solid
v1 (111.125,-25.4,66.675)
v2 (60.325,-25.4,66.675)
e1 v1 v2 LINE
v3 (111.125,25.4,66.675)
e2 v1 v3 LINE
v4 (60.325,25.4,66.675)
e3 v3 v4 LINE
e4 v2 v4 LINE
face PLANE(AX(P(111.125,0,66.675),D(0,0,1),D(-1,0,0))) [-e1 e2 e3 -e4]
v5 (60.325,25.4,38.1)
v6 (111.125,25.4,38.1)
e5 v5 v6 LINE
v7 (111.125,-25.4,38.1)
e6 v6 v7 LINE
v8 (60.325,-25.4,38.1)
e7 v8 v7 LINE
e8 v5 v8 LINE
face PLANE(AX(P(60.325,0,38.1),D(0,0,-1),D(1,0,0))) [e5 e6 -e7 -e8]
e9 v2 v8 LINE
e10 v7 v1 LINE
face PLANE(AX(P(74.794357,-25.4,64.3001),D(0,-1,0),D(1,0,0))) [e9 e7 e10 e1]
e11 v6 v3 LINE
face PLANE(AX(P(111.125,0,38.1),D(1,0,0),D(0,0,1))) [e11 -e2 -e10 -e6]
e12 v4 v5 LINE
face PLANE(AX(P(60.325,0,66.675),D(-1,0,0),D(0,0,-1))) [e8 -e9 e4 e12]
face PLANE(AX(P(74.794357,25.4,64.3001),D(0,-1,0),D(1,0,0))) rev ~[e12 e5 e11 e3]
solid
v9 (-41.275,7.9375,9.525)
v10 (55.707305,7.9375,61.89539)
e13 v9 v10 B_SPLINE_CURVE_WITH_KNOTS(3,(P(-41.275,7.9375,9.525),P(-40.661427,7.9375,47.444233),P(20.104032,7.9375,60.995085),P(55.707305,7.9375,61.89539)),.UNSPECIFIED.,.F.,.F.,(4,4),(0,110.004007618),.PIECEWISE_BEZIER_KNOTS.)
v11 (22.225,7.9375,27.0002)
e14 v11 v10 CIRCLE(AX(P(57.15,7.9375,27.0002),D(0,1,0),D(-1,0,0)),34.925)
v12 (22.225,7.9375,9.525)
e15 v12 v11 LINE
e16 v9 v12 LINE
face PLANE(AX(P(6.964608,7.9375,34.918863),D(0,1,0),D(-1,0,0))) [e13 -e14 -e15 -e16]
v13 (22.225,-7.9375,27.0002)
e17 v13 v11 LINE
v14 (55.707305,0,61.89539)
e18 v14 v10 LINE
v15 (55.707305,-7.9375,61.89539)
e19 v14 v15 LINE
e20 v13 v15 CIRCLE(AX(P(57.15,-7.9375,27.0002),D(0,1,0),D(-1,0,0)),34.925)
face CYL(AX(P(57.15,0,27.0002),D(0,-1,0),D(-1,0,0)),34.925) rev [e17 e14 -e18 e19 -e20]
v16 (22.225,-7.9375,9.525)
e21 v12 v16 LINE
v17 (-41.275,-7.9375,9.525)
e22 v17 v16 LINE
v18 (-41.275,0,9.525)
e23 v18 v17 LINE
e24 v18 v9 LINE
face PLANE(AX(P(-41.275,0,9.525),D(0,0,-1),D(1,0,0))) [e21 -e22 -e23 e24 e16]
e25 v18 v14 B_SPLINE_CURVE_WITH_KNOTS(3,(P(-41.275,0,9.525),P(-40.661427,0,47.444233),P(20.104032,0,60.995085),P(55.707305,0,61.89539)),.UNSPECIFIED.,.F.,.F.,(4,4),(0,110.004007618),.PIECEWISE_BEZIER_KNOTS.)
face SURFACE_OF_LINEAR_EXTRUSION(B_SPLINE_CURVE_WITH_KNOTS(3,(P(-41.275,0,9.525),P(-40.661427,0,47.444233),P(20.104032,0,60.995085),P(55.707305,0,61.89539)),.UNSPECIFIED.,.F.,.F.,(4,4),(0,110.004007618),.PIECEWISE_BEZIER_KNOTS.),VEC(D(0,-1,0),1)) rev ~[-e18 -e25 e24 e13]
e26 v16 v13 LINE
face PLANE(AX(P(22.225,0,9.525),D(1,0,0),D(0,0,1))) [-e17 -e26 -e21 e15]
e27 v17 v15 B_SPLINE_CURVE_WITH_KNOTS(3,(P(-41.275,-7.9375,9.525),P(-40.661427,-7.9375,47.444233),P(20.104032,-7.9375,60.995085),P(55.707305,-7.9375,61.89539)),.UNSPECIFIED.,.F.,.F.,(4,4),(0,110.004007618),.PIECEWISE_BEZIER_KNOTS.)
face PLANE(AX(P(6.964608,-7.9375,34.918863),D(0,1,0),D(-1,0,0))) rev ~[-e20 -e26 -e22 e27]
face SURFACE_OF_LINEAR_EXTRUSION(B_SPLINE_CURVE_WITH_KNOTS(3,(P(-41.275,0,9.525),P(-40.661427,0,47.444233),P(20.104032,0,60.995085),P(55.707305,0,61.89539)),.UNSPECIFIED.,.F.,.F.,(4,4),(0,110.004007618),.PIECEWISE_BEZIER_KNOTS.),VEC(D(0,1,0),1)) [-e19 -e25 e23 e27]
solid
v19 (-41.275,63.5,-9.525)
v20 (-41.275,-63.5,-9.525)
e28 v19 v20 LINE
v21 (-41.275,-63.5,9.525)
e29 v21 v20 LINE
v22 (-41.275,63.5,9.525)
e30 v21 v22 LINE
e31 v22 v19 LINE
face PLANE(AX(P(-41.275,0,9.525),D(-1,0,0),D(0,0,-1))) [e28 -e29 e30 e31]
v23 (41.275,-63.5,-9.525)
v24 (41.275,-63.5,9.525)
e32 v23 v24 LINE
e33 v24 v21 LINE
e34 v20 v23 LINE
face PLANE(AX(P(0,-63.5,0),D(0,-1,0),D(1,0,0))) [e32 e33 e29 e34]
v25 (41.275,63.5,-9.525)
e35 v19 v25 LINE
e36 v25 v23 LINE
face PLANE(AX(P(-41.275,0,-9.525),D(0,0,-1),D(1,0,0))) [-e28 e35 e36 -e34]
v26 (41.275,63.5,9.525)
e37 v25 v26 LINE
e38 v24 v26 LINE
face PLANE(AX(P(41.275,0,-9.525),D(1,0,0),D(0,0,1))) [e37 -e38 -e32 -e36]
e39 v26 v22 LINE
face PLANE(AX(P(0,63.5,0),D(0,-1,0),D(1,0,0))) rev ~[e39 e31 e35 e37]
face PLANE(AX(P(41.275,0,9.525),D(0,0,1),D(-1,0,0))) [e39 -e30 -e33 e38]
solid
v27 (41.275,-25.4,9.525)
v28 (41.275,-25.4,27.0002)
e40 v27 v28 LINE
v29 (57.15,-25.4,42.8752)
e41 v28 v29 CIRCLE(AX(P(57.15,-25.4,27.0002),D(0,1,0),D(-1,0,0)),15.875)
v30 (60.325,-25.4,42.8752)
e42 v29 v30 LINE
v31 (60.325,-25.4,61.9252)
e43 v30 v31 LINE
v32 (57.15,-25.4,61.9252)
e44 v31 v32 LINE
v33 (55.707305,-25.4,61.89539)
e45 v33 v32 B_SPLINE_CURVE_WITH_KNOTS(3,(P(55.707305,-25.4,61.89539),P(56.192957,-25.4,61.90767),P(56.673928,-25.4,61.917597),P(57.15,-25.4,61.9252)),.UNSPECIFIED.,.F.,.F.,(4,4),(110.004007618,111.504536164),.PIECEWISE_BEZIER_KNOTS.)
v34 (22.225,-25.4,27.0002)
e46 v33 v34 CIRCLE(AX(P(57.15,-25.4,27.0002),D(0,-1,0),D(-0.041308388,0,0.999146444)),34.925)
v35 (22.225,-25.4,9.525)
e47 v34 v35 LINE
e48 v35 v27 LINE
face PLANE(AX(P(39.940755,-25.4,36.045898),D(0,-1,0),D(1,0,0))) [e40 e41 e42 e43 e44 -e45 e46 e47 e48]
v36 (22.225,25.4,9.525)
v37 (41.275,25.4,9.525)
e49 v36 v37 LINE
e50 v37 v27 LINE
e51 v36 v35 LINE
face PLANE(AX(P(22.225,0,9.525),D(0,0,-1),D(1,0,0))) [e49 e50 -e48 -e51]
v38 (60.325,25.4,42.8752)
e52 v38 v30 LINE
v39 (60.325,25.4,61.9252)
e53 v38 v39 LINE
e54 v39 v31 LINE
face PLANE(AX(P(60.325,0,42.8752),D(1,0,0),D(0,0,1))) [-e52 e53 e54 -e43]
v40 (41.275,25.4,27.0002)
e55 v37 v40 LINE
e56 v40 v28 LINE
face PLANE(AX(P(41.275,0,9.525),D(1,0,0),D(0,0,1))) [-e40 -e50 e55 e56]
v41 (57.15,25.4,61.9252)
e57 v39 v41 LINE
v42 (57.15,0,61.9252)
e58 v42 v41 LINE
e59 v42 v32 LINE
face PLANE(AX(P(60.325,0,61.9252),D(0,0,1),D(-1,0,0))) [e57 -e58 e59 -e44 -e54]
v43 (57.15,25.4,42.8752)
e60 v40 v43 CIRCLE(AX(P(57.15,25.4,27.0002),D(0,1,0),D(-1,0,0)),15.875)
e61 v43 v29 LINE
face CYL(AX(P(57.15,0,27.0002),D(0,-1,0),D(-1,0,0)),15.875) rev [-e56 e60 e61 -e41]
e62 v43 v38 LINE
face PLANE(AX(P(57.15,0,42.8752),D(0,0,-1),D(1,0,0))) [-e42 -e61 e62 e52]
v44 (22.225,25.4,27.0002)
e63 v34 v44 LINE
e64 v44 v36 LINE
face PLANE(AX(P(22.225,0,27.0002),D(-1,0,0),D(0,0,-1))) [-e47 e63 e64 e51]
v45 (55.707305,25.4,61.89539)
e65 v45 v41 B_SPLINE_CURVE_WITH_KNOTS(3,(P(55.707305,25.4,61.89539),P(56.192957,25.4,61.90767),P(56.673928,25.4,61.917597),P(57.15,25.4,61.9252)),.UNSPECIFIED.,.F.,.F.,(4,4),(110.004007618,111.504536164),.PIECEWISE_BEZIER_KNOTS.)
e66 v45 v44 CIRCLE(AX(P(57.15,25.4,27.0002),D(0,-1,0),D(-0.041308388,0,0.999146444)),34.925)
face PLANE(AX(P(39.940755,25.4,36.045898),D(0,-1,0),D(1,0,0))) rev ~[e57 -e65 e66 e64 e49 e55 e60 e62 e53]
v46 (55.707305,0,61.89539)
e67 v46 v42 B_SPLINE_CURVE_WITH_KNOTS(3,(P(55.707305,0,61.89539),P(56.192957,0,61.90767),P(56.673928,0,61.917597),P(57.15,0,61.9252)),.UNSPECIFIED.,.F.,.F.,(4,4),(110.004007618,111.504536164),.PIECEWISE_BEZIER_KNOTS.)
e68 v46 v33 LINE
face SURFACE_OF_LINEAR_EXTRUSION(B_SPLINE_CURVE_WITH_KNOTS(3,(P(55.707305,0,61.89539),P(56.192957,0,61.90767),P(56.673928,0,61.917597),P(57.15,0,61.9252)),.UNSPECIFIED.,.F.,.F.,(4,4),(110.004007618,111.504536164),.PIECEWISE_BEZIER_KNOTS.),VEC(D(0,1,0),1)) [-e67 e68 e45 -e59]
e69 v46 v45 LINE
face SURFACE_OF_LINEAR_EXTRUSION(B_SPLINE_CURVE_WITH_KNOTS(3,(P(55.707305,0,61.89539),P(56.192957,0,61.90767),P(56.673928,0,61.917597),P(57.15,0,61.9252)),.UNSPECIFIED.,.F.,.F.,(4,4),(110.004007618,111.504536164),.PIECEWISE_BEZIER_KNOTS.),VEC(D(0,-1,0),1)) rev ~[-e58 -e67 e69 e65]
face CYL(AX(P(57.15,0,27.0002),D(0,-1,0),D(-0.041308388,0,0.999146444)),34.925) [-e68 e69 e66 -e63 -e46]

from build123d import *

# Parameters (mm, degrees)
F1_DEPTH = 63.5
F2_DEPTH = 25.4
F0_W     = 28.9387143025
F0_H     = 4.7498
F0_H_2   = 19.05
F0_H_3   = 4.7752
F3_DEPTH = 25.4
F4_DEPTH = 7.9375


with BuildPart() as f1:
    # F0 (on Front) → F1 (new body, symmetric)
    with BuildSketch(Plane.XZ):
        Polygon((22.225, 9.525), (-41.275, 9.525), (-41.275, -9.525), (41.275, -9.525), (41.275, 9.525), align=None)
    extrude(amount=F1_DEPTH, both=True)


with BuildPart() as f2:
    # F0 (on Front) → F2 (new body, symmetric)
    with BuildSketch(Plane.XZ):
        with BuildLine():
            Line((22.225, 27.0002), (22.225, 9.525))
            Line((22.225, 9.525), (41.275, 9.525))
            Line((41.275, 9.525), (41.275, 27.0002))
            ThreePointArc((41.275, 27.0002), (45.9246798487, 38.2255201513), (57.15, 42.8752))
            Line((57.15, 42.8752), (60.325, 42.8752))
            Line((60.325, 42.8752), (60.325, 61.9252))
            Line((60.325, 61.9252), (57.15, 61.9252))
            add(Edge.make_bspline(
                [(55.7073045323, 61.8953895651), (56.1929570758, 61.9076703241), (56.6739277433, 61.9175972221), (57.15, 61.9252)],
                knots=[110.0040076177, 110.0040076177, 110.0040076177, 110.0040076177, 111.5045361635, 111.5045361635, 111.5045361635, 111.5045361635], degree=3))
            ThreePointArc((55.7073045323, 61.8953895651), (31.9493872673, 51.1804552281), (22.225, 27.0002))
        make_face()
    extrude(amount=F2_DEPTH, both=True)


with BuildPart() as f3:
    # F0 (on Front) → F3 (new body, symmetric)
    with BuildSketch(Plane.XZ):
        with Locations((74.7943571512, 64.3001)):
            Rectangle(F0_W, F0_H)
        with Locations((74.7943571512, 52.4002)):
            Rectangle(F0_W, F0_H_2)
        Polygon((89.2637143025, 66.675), (89.2637143025, 61.9252), (89.2637143025, 42.8752), (89.2637143025, 38.1), (111.125, 38.1), (111.125, 66.675), align=None)
        with Locations((74.7943571512, 40.4876)):
            Rectangle(F0_W, F0_H_3)
    extrude(amount=F3_DEPTH, both=True)


with BuildPart() as f4:
    # F0 (on Front) → F4 (new body, symmetric)
    with BuildSketch(Plane.XZ):
        with BuildLine():
            add(Edge.make_bspline(
                [(-41.275, 9.525), (-40.661426945, 47.4442333793), (20.104032448, 60.995084997), (55.7073045323, 61.8953895651)],
                knots=[0, 0, 0, 0, 110.0040076177, 110.0040076177, 110.0040076177, 110.0040076177], degree=3))
            Line((-41.275, 9.525), (22.225, 9.525))
            Line((22.225, 9.525), (22.225, 27.0002))
            ThreePointArc((22.225, 27.0002), (31.9493872673, 51.1804552281), (55.7073045323, 61.8953895651))
        make_face()
    extrude(amount=F4_DEPTH, both=True)


solid = Compound([f1.part, f2.part, f3.part, f4.part])
